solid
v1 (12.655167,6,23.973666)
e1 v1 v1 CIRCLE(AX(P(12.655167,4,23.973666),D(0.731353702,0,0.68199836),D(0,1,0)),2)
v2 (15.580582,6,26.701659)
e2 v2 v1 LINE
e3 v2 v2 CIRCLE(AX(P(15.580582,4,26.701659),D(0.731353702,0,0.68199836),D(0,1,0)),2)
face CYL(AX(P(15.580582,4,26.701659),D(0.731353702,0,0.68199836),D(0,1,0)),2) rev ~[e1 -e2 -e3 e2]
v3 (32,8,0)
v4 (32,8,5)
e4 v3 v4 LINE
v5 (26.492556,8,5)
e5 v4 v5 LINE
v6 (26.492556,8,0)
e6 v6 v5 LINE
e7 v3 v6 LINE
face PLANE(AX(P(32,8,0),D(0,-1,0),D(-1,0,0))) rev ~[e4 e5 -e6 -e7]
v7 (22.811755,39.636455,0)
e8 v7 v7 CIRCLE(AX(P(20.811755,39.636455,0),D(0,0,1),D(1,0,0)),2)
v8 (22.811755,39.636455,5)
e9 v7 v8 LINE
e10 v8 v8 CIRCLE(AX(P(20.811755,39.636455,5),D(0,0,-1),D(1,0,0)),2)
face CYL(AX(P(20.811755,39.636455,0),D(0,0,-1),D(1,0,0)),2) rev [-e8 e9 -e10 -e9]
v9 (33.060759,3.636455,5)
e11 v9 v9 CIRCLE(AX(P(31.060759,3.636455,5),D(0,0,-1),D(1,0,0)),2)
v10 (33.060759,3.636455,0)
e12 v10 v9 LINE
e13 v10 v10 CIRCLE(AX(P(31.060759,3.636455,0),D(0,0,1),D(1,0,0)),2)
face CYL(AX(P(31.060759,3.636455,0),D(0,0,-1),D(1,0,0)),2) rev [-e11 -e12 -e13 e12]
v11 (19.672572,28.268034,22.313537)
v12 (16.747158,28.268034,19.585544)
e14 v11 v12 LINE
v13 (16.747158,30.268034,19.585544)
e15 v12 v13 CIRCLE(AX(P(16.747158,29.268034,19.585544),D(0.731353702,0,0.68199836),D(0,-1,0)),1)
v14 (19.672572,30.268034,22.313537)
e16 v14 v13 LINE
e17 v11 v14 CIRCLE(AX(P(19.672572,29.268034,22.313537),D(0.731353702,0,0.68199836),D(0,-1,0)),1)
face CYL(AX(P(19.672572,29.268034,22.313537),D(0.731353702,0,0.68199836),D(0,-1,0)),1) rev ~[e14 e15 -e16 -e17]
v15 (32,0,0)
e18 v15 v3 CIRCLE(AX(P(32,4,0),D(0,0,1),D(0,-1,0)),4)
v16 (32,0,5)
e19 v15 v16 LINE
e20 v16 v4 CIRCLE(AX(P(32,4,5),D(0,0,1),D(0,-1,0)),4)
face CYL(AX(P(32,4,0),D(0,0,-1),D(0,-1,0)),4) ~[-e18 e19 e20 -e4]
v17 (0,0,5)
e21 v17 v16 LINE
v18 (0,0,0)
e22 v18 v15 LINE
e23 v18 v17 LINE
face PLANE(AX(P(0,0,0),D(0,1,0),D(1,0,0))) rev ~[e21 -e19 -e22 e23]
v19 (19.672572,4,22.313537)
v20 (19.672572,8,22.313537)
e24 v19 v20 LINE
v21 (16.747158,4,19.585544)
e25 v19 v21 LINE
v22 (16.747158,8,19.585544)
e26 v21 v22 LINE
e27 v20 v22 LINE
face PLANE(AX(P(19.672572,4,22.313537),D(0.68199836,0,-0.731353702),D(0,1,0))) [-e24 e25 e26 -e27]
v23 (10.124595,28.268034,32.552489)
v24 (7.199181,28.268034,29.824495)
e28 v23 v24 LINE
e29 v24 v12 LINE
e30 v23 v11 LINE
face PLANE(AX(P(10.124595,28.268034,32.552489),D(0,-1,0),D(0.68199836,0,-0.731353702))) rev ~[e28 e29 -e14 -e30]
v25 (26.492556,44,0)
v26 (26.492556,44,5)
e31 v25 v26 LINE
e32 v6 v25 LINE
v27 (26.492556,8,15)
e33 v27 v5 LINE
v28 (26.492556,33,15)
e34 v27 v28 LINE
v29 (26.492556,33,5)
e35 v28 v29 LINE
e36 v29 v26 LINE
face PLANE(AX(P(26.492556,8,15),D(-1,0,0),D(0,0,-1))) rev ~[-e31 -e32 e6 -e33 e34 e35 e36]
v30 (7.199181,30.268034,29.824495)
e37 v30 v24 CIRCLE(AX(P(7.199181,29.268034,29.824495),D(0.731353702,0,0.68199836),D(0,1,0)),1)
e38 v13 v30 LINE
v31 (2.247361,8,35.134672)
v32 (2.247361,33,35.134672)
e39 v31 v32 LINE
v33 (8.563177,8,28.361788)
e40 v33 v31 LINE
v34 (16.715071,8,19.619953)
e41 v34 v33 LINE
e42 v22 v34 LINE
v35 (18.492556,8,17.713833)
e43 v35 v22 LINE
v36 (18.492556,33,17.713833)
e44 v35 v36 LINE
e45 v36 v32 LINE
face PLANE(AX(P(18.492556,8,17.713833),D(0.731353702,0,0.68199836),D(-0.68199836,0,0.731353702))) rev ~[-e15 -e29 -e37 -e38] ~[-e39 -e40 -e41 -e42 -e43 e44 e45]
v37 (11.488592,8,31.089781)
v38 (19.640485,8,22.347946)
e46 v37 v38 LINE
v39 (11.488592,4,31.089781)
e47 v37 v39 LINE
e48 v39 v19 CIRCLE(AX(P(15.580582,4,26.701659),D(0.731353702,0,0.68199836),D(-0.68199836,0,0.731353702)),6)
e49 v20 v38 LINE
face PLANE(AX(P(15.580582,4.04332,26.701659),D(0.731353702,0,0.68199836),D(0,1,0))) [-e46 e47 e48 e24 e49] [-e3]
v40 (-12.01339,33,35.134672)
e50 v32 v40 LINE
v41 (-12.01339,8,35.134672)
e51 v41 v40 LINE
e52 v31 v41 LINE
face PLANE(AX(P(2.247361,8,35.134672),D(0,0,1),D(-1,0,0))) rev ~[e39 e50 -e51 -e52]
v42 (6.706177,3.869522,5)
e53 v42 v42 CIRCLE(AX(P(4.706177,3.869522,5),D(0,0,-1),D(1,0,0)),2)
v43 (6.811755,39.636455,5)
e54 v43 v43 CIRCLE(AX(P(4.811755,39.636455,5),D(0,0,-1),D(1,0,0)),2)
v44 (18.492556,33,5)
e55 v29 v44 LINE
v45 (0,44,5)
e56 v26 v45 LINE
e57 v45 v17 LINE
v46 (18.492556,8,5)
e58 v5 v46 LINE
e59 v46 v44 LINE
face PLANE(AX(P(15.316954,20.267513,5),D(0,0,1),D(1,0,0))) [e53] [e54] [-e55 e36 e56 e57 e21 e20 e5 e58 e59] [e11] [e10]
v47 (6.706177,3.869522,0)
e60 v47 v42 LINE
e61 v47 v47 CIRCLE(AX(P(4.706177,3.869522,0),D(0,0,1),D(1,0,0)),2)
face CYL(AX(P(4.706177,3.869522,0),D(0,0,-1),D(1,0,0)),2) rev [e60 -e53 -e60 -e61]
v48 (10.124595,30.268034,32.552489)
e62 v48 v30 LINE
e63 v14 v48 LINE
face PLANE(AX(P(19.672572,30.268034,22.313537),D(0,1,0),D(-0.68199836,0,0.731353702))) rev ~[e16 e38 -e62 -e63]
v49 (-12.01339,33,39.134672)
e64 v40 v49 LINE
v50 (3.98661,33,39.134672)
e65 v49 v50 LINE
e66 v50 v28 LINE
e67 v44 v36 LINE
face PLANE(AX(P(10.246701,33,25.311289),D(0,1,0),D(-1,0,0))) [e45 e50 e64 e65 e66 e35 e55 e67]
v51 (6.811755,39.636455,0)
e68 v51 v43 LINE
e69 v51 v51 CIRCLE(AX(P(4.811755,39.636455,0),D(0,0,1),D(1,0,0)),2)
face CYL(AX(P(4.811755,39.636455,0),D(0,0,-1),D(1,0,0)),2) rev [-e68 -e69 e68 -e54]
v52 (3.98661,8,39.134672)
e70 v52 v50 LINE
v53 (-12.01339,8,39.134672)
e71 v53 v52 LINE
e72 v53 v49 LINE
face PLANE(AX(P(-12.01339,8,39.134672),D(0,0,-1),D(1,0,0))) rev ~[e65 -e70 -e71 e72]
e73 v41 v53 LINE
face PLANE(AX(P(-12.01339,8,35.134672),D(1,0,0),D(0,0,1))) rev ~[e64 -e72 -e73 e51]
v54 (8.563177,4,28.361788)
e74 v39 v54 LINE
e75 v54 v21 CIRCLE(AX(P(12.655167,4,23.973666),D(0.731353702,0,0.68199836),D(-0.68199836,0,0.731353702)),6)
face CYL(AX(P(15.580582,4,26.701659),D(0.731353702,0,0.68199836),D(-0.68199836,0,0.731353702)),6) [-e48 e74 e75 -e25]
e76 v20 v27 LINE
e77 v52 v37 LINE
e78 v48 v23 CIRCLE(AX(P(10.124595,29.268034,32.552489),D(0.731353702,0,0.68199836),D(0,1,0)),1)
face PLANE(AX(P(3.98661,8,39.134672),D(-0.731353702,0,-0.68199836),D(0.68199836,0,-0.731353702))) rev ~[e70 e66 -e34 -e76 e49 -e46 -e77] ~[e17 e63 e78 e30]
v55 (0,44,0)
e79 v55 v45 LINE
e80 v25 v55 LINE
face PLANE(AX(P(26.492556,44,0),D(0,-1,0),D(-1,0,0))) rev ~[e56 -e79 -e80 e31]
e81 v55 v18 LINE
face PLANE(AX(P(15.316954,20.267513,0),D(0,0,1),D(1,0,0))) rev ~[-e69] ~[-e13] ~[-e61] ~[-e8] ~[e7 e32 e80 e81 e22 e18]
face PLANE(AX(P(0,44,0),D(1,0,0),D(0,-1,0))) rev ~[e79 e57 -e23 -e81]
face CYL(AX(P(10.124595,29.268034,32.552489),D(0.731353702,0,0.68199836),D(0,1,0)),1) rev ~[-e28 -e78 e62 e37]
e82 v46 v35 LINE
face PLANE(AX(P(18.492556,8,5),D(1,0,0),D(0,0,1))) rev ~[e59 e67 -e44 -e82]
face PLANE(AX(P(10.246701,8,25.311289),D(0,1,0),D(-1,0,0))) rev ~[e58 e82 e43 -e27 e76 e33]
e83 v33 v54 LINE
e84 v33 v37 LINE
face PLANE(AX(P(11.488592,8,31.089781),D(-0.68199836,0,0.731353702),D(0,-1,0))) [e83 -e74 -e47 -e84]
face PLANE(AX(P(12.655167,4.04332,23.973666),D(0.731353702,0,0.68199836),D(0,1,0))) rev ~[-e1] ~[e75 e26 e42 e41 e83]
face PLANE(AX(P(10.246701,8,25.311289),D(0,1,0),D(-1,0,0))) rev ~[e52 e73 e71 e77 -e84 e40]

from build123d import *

# Parameters (mm, degrees)
F1_DEPTH  = 5
F3_DEPTH  = 25
F5_R      = 2
F5_W      = 5.9894541353
F5_H      = 11.9529513837
F6_DEPTH  = 4
F8_DEPTH  = 10
F9_R      = 2
F10_DEPTH = 25


with BuildPart() as f1:
    # F0 (on Top) → F1 (new body)
    with BuildSketch(Plane.XY):
        with BuildLine():
            Line((0, 44), (0, 0))
            Line((0, 0), (26.4925560224, 0))
            Line((26.4925560224, 0), (32, 0))
            ThreePointArc((32, 0), (36, 4), (32, 8))
            Line((32, 8), (26.4925560224, 8))
            Line((26.4925560224, 8), (26.4925560224, 44))
            Line((26.4925560224, 44), (0, 44))
        make_face()
    extrude(amount=F1_DEPTH)

    # F2 (on face) → F3 (join)
    with BuildSketch(Plane(origin=(0, 8, 0), x_dir=(-1, 0, 0), z_dir=(0, 1, 0))):
        Polygon((-26.4925560224, 15), (-26.4925560224, 5), (-18.4925560224, 5), (-18.4925560224, 17.7138329376), (-2.2473606405, 35.1346721534), (12.0133898596, 35.1346721534), (12.0133898596, 39.1346721534), (-3.9866101404, 39.1346721534), align=None)
    extrude(amount=F3_DEPTH)

    # F5 (on offset) → F6 (join)
    with BuildSketch(Plane(origin=(21.6520220325, 0, 20.1908371907), x_dir=(0, 1, 0), z_dir=(0.7313537016, 0, 0.6819983601))):
        with BuildLine():
            Line((8, 14.9024257631), (4, 14.9024257631))
            ThreePointArc((4, 14.9024257631), (-2, 8.9024257631), (4, 2.9024257631))
            Line((4, 2.9024257631), (8, 2.9024257631))
            Line((8, 2.9024257631), (8, 2.9494743794))
            Line((8, 2.9494743794), (8, 14.9024257631))
        make_face()
        with Locations((4, 8.9024257631)):
            Circle(F5_R, mode=Mode.SUBTRACT)
        with Locations((10.9947270676, 8.9259500713)):
            Rectangle(F5_W, F5_H)
    extrude(amount=-F6_DEPTH)

    # F7 (on offset) → F8 (cut)
    with BuildSketch(Plane(origin=(21.6520220325, 0, 20.1908371907), x_dir=(0, 1, 0), z_dir=(0.7313537016, 0, 0.6819983601))):
        with BuildLine():
            ThreePointArc((30.2680338025, 16.9024257631), (29.2680338025, 17.9024257631), (28.2680338025, 16.9024257631))
            Line((28.2680338025, 16.9024257631), (28.2680338025, 2.9024257631))
            ThreePointArc((28.2680338025, 2.9024257631), (29.2680338025, 1.9024257631), (30.2680338025, 2.9024257631))
            Line((30.2680338025, 2.9024257631), (30.2680338025, 16.9024257631))
        make_face()
    extrude(amount=-F8_DEPTH, mode=Mode.SUBTRACT)

    # F9 (on Top) → F10 (cut)
    with BuildSketch(Plane.XY):
        with Locations((4.8117552102, 39.6364554763)):
            Circle(F9_R)
        with Locations((20.8117552102, 39.6364554763)):
            Circle(F9_R)
        with Locations((31.0607589781, 3.6364554763)):
            Circle(F9_R)
        with Locations((4.7061769292, 3.8695221301)):
            Circle(F9_R)
    extrude(amount=F10_DEPTH, mode=Mode.SUBTRACT)


solid = f1.part
